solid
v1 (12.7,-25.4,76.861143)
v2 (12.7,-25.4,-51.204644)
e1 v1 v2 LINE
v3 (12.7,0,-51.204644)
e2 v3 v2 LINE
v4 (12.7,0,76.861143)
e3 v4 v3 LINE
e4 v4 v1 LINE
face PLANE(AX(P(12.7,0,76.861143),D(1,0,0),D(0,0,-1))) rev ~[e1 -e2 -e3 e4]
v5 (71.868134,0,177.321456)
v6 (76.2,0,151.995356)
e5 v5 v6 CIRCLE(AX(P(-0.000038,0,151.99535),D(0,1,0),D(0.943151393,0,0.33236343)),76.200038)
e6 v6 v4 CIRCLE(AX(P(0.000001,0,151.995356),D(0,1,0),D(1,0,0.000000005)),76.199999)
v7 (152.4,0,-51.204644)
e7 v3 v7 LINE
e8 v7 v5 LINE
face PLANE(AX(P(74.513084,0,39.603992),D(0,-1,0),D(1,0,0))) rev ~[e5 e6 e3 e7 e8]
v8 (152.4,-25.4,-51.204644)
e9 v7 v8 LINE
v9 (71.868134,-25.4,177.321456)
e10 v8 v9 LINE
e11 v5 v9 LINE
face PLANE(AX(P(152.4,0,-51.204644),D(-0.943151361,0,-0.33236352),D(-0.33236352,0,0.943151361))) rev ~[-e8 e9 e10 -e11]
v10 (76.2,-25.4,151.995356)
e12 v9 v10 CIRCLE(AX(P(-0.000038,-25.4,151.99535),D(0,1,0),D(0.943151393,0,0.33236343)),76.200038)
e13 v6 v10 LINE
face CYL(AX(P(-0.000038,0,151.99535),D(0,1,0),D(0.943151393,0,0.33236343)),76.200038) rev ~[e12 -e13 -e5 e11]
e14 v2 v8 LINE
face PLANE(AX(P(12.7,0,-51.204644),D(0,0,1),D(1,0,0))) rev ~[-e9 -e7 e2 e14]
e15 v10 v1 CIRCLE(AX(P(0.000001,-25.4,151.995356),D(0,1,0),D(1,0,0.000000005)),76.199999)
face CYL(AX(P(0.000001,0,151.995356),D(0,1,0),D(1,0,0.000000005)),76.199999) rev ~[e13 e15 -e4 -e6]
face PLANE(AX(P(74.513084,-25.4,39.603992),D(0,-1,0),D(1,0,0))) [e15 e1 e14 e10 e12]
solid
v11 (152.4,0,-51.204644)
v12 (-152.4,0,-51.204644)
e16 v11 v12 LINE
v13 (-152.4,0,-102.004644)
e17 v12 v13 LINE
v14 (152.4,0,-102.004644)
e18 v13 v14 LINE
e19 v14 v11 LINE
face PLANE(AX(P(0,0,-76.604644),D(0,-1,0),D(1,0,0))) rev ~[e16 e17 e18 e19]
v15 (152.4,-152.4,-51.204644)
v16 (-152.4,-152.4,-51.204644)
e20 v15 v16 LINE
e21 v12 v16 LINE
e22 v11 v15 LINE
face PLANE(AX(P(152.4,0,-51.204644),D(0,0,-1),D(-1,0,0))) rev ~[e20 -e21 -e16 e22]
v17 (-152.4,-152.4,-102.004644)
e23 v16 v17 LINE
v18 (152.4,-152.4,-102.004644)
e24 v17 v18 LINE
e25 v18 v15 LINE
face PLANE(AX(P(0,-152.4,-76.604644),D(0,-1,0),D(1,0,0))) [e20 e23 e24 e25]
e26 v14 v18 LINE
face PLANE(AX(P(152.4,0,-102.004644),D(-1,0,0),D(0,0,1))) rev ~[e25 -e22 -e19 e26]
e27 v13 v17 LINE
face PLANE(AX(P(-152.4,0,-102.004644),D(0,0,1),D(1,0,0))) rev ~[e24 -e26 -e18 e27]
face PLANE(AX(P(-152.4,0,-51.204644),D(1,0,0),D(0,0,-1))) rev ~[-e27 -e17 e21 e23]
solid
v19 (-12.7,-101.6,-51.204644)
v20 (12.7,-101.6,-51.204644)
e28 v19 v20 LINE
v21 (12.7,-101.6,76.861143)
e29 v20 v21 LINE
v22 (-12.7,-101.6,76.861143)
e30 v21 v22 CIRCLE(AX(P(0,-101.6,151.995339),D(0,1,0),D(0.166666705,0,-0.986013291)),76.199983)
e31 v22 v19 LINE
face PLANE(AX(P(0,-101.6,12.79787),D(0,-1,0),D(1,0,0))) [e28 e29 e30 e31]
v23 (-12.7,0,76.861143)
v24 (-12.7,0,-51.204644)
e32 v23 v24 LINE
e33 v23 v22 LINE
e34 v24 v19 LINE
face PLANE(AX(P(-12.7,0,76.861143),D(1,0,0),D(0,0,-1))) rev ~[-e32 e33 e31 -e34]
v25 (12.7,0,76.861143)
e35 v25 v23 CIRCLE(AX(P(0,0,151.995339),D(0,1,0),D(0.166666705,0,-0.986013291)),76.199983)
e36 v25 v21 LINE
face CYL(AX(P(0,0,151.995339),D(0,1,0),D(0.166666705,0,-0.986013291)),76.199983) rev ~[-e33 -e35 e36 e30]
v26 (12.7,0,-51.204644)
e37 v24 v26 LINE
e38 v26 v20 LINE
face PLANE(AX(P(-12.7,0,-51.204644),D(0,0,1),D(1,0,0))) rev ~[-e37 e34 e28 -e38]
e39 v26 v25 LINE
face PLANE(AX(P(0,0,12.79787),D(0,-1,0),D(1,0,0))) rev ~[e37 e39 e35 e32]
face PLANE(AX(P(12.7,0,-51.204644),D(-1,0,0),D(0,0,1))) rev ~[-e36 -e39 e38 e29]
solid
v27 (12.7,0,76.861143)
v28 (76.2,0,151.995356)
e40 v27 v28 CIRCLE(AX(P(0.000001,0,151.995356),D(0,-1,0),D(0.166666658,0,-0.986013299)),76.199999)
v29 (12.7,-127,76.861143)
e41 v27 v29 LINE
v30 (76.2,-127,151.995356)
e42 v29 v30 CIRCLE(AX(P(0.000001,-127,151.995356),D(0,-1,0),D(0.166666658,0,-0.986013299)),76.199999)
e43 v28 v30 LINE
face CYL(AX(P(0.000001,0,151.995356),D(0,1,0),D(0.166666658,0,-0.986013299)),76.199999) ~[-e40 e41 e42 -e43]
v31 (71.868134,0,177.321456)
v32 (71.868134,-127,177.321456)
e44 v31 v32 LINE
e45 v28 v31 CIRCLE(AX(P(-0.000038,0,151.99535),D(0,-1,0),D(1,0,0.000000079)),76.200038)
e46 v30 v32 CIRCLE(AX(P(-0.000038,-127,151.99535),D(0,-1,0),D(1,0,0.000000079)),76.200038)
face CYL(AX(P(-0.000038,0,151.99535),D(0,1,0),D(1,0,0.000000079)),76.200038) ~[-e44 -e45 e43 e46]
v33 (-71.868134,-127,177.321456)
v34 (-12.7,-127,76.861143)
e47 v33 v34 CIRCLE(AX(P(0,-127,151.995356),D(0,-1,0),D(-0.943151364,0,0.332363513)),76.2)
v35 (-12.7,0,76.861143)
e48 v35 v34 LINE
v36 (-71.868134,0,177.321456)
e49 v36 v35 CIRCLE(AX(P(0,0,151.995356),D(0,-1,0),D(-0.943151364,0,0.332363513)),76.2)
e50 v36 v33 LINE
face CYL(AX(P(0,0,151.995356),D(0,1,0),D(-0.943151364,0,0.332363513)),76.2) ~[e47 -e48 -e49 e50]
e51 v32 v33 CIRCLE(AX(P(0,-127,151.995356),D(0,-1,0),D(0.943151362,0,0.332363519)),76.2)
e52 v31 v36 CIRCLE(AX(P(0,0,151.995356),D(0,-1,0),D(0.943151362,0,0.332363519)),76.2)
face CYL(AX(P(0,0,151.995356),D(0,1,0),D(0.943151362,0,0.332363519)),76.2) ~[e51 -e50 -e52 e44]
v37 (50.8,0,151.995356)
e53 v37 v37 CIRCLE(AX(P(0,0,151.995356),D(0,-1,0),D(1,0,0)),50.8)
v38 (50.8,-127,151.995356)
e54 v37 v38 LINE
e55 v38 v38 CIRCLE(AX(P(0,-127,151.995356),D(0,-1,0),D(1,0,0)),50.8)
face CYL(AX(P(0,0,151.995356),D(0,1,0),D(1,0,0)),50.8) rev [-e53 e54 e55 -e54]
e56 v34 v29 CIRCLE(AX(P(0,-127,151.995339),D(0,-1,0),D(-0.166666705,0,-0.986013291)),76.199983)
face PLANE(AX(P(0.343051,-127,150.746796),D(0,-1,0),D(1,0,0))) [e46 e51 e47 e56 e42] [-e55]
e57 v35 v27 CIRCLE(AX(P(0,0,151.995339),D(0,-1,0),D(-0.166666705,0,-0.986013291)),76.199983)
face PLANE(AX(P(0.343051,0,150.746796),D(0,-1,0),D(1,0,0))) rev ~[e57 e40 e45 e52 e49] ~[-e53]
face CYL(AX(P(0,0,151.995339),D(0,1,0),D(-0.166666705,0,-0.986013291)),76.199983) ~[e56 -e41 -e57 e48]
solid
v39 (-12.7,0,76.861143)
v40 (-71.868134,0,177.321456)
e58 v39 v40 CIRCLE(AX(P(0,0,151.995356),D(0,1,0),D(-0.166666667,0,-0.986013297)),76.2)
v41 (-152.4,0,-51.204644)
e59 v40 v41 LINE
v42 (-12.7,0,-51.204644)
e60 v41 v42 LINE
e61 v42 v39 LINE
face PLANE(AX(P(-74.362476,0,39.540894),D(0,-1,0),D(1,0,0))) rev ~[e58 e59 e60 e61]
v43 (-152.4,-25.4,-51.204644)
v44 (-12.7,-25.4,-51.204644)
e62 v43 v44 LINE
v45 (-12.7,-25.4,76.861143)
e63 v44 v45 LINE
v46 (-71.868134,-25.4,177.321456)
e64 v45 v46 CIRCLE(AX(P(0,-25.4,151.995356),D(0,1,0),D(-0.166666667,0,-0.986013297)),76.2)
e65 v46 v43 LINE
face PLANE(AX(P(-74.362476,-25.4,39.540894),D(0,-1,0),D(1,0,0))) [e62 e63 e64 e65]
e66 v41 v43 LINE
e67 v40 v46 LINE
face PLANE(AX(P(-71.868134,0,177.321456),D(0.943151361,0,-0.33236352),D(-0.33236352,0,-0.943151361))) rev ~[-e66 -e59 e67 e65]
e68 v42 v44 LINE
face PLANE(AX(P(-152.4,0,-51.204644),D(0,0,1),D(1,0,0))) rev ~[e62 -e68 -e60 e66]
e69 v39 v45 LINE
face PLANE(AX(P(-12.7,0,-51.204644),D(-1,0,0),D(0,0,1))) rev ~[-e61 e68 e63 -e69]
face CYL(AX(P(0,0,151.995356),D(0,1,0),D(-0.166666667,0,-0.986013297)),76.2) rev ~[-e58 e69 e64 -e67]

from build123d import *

# Parameters (mm, degrees)
F0_R     = 50.8
F1_DEPTH = 127
F2_DEPTH = 152.4
F3_DEPTH = 101.6
F4_DEPTH = 25.4


with BuildPart() as f1:
    # F0 (on Front) → F1 (new body)
    with BuildSketch(Plane.XZ):
        with BuildLine():
            ThreePointArc((71.868134, 177.321456), (0, 228.195356), (-71.868134, 177.321456))
            ThreePointArc((-71.868134, 177.321456), (-65.658289, 113.324578), (-12.7, 76.861143))
            ThreePointArc((-12.7, 76.861143), (0, 75.795356), (12.7, 76.861143))
            ThreePointArc((12.7, 76.861143), (58.198711, 102.808467), (76.2, 151.995356))
            ThreePointArc((76.2, 151.995356), (75.109226, 164.842305), (71.868134, 177.321456))
        make_face()
        with Locations((0, 151.995356)):
            Circle(F0_R, mode=Mode.SUBTRACT)
    extrude(amount=F1_DEPTH)


with BuildPart() as f2:
    # F0 (on Front) → F2 (new body)
    with BuildSketch(Plane.XZ):
        Polygon((-12.7, -51.204644), (-152.4, -51.204644), (-152.4, -102.004644), (152.4, -102.004644), (152.4, -51.204644), (12.7, -51.204644), align=None)
    extrude(amount=F2_DEPTH)


with BuildPart() as f3:
    # F0 (on Front) → F3 (new body)
    with BuildSketch(Plane.XZ):
        with BuildLine():
            Line((-12.7, 76.861143), (-12.7, -51.204644))
            Line((-12.7, -51.204644), (12.7, -51.204644))
            Line((12.7, -51.204644), (12.7, 76.861143))
            ThreePointArc((12.7, 76.861143), (0, 75.795356), (-12.7, 76.861143))
        make_face()
    extrude(amount=F3_DEPTH)


with BuildPart() as f4:
    # F0 (on Front) → F4 (new body)
    with BuildSketch(Plane.XZ):
        with BuildLine():
            Line((-71.868134, 177.321456), (-152.4, -51.204644))
            Line((-152.4, -51.204644), (-12.7, -51.204644))
            Line((-12.7, -51.204644), (-12.7, 76.861143))
            ThreePointArc((-12.7, 76.861143), (-65.658289, 113.324578), (-71.868134, 177.321456))
        make_face()
        with BuildLine():
            Line((12.7, 76.861143), (12.7, -51.204644))
            Line((12.7, -51.204644), (152.4, -51.204644))
            Line((152.4, -51.204644), (71.868134, 177.321456))
            ThreePointArc((71.868134, 177.321456), (75.109226, 164.842305), (76.2, 151.995356))
            ThreePointArc((76.2, 151.995356), (58.198711, 102.808467), (12.7, 76.861143))
        make_face()
    extrude(amount=F4_DEPTH)


solid = Compound([f1.part, f2.part, f3.part, f4.part])
